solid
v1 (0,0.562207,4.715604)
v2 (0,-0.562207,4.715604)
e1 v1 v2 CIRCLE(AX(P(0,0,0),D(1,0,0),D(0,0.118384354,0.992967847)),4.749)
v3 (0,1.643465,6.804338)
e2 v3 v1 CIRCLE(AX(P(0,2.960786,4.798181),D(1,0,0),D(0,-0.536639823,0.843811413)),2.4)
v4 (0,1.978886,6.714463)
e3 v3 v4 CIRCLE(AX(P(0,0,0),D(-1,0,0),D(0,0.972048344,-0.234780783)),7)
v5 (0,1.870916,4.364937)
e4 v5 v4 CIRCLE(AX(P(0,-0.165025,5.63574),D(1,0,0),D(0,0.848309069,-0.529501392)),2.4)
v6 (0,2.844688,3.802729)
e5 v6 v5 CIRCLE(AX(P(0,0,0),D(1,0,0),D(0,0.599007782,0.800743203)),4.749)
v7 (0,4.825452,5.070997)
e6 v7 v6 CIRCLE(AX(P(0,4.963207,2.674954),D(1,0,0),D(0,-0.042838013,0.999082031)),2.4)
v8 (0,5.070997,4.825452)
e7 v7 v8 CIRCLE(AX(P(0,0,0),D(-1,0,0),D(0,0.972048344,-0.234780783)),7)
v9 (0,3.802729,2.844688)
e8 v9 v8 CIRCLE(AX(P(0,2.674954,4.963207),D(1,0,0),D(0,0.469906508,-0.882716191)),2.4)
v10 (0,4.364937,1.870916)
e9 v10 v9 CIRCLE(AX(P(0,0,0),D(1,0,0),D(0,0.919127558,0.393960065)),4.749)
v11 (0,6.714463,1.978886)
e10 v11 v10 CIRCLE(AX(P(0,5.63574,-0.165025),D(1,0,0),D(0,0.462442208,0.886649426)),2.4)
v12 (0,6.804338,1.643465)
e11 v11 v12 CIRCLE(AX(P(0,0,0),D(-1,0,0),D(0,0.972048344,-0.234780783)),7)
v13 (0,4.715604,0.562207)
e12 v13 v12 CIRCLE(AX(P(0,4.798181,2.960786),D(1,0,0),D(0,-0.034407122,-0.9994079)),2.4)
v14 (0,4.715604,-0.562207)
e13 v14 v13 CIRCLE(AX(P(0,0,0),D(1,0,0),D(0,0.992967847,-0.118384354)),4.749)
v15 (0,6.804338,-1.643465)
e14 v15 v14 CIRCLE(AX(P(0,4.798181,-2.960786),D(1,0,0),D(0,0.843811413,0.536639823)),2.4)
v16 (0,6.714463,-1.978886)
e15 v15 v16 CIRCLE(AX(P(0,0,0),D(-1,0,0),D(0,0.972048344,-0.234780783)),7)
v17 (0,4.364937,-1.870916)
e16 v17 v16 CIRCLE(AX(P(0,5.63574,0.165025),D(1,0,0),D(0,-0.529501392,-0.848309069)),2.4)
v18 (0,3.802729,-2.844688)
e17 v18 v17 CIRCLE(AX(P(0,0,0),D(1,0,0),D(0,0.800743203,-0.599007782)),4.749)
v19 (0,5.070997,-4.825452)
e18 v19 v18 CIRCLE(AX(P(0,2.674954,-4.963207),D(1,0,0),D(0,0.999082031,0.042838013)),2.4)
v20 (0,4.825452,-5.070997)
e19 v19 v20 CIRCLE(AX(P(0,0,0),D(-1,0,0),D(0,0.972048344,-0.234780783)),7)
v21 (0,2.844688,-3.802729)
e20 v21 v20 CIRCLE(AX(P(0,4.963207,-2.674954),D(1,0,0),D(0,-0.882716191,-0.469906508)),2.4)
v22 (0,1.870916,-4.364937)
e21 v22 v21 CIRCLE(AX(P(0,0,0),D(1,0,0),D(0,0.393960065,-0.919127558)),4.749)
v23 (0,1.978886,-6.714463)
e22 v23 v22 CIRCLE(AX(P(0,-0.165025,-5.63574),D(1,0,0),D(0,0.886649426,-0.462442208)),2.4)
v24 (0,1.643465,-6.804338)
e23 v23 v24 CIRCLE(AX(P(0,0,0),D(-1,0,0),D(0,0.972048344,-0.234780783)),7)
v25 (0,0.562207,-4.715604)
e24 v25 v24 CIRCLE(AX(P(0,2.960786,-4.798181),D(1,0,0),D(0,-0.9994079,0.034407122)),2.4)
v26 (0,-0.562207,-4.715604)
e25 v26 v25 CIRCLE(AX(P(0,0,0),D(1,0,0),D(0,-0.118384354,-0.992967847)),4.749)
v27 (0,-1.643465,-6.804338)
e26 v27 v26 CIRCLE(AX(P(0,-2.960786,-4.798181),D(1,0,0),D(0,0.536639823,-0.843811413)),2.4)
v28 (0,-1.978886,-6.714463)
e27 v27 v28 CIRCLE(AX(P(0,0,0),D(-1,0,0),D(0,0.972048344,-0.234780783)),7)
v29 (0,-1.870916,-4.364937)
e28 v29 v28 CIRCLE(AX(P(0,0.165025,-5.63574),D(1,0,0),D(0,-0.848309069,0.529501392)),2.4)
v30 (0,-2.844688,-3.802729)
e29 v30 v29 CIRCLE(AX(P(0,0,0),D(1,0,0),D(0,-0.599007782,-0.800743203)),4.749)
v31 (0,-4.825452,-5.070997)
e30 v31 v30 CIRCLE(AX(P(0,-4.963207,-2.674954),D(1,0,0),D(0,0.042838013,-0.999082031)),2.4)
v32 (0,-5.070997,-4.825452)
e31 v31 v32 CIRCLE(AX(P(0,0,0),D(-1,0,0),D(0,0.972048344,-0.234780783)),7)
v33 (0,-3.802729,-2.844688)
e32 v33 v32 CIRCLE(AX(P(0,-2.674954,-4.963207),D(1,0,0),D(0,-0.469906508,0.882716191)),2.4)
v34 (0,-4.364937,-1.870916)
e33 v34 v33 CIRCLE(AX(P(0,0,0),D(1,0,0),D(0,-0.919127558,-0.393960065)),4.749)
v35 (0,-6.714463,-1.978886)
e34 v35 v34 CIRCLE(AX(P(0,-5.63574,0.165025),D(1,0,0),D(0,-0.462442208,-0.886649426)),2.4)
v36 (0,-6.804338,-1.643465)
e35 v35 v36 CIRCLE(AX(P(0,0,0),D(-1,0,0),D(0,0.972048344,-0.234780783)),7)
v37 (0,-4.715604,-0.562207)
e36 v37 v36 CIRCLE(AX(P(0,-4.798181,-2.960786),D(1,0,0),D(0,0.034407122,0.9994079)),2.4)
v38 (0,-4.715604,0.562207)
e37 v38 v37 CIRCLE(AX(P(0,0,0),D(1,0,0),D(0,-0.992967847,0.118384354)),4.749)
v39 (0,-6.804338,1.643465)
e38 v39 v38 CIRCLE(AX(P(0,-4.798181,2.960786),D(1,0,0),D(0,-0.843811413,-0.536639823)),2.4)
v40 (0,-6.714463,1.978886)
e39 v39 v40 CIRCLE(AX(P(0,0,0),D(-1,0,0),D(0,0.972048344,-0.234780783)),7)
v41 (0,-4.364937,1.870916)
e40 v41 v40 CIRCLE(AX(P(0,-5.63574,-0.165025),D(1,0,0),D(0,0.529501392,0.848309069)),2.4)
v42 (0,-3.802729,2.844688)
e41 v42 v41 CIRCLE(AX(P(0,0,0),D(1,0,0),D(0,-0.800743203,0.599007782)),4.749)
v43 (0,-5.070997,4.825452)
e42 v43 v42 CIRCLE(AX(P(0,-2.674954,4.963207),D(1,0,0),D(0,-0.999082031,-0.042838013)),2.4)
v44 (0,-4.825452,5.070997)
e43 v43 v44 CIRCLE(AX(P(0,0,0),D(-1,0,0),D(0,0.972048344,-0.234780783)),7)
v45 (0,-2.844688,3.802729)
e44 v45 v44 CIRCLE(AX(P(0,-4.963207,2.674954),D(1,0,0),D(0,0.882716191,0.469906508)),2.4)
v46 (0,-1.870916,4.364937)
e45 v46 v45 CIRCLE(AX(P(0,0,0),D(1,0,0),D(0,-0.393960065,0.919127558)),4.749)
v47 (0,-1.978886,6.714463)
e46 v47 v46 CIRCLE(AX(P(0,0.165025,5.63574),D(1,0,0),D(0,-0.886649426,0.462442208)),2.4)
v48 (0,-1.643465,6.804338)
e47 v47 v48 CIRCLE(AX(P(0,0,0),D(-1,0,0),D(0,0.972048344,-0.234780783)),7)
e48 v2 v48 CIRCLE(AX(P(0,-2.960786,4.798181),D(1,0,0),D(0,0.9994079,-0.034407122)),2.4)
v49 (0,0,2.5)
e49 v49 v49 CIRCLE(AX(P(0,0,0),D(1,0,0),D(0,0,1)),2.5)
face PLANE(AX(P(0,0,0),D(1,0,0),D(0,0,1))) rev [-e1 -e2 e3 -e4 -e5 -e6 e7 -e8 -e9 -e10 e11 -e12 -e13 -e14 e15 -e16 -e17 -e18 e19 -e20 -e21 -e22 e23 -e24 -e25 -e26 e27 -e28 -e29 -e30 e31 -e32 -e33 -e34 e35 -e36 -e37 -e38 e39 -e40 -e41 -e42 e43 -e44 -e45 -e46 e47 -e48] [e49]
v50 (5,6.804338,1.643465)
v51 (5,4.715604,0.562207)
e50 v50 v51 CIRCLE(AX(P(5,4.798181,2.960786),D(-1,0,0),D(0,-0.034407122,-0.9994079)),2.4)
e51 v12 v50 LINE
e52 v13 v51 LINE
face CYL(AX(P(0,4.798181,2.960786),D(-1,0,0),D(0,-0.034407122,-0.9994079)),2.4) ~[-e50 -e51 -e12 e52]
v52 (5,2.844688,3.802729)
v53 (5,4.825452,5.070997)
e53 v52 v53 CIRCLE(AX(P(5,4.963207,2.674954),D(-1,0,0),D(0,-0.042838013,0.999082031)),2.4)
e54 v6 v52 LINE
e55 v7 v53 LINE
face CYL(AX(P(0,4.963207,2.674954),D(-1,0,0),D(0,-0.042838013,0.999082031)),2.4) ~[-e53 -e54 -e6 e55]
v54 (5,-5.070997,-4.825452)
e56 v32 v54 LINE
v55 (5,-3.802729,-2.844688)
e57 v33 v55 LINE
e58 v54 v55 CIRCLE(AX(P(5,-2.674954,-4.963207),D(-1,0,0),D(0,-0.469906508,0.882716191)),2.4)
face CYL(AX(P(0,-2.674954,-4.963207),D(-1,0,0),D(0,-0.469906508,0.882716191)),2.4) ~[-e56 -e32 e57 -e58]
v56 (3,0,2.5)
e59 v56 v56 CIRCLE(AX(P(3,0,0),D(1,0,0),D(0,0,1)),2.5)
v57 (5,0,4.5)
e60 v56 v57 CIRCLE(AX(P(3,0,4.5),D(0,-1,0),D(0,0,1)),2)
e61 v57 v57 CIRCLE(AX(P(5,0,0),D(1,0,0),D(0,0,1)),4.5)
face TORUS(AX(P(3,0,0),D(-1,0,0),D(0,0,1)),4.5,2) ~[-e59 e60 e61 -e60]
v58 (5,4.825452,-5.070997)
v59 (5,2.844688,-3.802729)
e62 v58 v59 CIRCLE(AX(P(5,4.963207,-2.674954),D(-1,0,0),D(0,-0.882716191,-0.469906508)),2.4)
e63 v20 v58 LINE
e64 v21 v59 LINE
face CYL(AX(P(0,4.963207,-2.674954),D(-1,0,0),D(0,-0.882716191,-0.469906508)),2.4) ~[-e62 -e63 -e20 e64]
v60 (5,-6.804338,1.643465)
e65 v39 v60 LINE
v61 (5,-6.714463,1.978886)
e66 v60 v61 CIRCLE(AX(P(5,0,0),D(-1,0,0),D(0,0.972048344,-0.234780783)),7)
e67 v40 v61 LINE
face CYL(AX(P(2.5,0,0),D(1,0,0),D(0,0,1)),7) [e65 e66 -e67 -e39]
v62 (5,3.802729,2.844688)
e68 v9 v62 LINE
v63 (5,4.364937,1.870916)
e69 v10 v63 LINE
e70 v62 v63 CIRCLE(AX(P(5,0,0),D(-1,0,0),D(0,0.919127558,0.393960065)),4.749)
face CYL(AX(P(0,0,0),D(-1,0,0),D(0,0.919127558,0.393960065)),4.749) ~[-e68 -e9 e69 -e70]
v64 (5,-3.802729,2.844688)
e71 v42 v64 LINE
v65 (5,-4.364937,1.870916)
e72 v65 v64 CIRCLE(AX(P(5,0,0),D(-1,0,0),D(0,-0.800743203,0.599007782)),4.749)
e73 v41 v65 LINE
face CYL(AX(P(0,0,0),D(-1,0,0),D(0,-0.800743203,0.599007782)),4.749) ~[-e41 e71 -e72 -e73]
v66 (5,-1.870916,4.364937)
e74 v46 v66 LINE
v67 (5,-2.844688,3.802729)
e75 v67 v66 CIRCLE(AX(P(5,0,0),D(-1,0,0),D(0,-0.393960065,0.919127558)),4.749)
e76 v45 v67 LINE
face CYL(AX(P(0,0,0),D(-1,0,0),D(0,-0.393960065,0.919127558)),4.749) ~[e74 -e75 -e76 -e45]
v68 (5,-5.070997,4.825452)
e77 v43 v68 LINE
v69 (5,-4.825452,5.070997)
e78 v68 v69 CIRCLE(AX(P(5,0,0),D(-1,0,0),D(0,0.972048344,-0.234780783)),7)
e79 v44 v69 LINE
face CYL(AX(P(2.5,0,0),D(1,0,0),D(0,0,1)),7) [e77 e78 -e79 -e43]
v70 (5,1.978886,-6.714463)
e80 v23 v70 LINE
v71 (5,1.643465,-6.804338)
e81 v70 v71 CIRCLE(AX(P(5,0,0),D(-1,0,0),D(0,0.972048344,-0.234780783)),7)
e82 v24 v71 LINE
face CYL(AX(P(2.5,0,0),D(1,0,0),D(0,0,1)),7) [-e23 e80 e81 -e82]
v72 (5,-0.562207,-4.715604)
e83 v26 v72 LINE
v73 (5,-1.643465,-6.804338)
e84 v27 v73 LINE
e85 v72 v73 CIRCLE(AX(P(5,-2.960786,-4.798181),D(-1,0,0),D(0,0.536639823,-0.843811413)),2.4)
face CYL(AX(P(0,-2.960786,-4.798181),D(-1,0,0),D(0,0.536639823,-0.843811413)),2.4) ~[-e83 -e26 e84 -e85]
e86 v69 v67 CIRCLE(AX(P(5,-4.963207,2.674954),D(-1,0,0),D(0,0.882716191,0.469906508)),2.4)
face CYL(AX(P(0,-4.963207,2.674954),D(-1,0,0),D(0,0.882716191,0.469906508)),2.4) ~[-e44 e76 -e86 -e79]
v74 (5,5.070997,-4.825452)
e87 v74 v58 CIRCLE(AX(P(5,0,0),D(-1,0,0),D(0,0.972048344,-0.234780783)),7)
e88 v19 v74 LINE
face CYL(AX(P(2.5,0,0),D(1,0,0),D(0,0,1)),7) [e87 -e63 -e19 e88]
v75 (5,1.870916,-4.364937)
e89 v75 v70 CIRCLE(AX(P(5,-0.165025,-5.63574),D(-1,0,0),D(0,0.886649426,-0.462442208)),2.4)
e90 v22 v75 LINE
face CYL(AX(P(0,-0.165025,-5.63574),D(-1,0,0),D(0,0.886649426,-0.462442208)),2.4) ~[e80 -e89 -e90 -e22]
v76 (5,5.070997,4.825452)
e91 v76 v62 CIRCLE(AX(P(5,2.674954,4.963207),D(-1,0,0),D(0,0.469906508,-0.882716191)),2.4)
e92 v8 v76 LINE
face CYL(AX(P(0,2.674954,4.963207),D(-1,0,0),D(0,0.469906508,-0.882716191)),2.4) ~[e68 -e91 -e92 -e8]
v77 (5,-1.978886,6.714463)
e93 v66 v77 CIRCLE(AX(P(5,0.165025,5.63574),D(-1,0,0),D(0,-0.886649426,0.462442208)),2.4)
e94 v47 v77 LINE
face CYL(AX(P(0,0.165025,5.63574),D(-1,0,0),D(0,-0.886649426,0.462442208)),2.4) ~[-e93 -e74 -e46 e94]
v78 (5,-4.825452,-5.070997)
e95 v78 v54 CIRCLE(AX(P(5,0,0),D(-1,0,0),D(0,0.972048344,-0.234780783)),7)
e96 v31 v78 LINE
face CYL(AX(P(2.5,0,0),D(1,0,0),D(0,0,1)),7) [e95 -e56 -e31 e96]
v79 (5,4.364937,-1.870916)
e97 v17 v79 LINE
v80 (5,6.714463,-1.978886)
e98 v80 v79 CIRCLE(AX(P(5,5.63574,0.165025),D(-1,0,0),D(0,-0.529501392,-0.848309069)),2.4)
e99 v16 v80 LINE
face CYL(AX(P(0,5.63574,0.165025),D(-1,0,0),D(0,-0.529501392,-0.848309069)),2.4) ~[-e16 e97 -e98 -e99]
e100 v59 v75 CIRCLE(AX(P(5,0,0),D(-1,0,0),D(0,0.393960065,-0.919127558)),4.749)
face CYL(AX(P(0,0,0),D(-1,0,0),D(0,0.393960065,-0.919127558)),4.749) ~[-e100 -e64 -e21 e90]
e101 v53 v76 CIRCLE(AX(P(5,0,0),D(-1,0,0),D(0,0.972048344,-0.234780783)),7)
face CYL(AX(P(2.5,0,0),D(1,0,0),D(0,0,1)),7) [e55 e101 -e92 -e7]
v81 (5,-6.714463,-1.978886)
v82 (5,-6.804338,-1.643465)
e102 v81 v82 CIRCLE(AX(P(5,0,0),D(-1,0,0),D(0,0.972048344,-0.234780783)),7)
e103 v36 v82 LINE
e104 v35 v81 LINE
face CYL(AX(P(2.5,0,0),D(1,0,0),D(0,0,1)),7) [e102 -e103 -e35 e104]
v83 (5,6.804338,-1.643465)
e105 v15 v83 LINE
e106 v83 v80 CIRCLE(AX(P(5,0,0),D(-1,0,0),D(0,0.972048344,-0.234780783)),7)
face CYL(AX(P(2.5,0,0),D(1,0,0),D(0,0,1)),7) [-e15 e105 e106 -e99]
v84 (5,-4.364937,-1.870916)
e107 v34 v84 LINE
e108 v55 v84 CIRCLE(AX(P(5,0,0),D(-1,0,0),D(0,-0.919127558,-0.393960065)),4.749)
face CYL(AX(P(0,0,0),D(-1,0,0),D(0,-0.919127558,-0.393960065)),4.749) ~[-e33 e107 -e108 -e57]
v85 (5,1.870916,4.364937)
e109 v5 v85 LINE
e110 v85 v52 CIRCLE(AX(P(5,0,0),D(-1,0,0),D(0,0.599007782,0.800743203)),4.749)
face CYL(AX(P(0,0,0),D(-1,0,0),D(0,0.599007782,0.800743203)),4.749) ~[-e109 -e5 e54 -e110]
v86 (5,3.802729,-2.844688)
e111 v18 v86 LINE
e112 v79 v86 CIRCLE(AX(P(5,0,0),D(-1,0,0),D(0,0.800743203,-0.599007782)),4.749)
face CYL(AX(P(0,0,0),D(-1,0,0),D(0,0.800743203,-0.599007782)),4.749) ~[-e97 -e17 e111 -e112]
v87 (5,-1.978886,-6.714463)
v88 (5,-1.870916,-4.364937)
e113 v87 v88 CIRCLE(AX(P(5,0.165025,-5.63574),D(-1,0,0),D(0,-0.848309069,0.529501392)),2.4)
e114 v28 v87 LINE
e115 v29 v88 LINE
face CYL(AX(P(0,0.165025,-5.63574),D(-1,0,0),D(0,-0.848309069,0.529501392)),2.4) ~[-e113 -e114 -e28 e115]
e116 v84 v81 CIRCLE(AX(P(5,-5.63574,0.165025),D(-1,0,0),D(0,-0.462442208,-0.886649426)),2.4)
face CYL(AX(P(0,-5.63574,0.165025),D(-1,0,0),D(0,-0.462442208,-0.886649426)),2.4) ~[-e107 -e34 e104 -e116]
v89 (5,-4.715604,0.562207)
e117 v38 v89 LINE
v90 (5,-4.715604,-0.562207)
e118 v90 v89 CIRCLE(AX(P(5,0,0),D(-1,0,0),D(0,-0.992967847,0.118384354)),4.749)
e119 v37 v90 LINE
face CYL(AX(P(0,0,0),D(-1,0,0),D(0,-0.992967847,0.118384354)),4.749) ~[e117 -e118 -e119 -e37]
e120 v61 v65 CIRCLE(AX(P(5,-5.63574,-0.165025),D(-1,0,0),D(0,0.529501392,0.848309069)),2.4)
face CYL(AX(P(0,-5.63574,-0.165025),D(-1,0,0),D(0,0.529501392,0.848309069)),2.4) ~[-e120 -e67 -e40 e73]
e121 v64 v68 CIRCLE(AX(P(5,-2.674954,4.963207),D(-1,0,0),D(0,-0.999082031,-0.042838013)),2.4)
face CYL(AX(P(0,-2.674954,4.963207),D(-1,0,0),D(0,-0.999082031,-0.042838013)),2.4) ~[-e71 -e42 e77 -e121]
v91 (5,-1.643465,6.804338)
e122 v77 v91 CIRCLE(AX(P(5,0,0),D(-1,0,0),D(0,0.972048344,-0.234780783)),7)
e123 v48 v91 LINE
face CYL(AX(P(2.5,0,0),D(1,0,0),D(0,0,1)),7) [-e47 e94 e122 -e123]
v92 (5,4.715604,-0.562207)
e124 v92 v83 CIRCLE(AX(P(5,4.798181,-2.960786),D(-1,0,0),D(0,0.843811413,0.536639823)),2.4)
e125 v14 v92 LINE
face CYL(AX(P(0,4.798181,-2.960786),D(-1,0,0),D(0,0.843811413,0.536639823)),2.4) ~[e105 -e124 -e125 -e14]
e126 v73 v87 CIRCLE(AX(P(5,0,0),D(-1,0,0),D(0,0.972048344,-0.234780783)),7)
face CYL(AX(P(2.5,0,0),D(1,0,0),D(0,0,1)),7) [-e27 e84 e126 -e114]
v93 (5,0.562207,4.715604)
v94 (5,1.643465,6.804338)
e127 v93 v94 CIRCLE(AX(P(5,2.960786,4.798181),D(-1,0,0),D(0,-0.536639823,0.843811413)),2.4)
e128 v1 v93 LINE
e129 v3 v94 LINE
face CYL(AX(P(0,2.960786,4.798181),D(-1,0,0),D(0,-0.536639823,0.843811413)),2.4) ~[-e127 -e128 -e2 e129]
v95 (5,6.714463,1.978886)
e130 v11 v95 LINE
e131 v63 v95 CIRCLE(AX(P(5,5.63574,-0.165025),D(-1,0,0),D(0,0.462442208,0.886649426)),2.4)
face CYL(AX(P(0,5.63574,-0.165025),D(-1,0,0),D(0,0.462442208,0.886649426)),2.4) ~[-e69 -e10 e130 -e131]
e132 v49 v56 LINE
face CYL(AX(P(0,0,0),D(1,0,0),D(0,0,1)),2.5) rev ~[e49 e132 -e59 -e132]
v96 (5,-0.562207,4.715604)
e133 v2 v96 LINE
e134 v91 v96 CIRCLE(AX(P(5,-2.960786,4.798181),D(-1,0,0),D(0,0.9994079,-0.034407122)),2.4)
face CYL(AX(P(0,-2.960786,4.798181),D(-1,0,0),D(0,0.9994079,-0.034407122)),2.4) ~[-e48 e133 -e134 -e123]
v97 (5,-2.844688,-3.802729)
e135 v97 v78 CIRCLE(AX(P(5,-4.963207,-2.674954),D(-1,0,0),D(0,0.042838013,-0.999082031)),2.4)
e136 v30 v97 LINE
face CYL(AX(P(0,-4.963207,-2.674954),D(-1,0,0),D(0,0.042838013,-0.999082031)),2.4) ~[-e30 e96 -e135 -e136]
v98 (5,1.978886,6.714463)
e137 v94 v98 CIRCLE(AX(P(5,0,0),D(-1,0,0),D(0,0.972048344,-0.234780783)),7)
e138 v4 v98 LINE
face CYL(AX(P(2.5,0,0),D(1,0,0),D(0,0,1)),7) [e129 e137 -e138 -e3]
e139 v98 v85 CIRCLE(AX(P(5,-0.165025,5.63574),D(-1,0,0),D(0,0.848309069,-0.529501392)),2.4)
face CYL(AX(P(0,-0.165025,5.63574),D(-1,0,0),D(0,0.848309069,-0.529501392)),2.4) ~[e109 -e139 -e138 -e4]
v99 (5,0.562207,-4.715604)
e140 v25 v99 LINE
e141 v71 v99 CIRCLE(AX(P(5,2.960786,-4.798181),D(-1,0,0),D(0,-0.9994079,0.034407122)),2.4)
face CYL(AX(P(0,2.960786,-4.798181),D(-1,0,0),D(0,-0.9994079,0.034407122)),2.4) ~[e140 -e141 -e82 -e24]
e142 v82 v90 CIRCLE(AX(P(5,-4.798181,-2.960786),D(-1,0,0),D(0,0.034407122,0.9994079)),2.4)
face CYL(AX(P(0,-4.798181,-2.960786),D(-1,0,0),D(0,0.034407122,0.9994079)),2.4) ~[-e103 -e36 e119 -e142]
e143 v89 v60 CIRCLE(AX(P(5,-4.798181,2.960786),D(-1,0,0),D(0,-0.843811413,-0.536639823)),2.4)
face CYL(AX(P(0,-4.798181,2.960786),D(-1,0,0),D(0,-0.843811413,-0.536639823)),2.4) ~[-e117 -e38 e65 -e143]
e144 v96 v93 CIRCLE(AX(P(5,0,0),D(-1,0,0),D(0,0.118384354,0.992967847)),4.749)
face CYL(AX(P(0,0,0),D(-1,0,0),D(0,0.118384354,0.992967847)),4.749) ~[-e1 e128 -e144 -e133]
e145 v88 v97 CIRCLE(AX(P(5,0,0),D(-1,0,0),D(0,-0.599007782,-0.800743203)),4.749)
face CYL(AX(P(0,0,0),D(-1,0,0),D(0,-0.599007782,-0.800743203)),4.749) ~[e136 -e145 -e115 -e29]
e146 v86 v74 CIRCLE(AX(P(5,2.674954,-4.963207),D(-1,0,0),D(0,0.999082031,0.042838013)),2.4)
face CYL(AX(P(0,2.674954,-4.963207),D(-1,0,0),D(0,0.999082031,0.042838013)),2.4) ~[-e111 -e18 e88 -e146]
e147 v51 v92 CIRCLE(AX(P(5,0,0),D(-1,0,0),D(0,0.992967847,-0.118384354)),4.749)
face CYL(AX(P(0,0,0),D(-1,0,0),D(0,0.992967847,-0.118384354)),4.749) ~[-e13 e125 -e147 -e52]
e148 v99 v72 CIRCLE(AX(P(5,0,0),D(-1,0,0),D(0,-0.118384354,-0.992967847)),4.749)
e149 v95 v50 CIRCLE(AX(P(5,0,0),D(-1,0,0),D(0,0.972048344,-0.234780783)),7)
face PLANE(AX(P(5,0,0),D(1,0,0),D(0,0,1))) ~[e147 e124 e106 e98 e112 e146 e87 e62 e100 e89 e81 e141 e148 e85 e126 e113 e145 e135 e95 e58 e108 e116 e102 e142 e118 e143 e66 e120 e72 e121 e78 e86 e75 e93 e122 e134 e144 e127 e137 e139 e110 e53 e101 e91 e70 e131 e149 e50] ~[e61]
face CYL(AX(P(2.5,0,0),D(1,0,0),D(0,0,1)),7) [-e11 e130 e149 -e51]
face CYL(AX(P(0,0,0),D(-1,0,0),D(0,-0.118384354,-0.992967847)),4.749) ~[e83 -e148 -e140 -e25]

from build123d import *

# Parameters (mm, degrees)
BASPROSKE_W     = 5
BASPROSKE_H     = 7
TOOTHCUT_DEPTH  = 12.090536506
TEETHCUTS_COUNT = 12
TEETHCUTS_ANGLE = 330
BORSKE_R        = 2.5
BORE_DEPTH      = 50.0000508
REDONDEO1_R     = 2


with BuildPart() as part:
    # BasProSke → Base-Revolve (revolve)
    with BuildSketch(Plane(origin=(0, 0, 0), x_dir=(1, 0, 0), z_dir=(0, 1, 0)), mode=Mode.PRIVATE) as base_revolve_sk:
        with Locations((2.5, 3.5)):
            Rectangle(BASPROSKE_W, BASPROSKE_H)
    revolve(base_revolve_sk.sketch.rotate(Axis((-10, 0, 0), (1, 0, 0)), 180), axis=Axis((-10, 0, 0), (1, 0, 0)))

    # TooCutSke → ToothCut (cut, through all)
    with BuildSketch(Plane(origin=(0, 0, 0), x_dir=(0, 0, -1), z_dir=(1, 0, 0))):
        with BuildLine():
            ThreePointArc((0.562207301, 4.715604304), (0, 4.749), (-0.562207301, 4.715604304))
            ThreePointArc((-0.562207301, 4.715604304), (-0.837528627, 5.917009812), (-1.672850686, 6.823328788))
            ThreePointArc((-1.672850686, 6.823328788), (0, 7.0254), (1.672850686, 6.823328788))
            ThreePointArc((1.672850686, 6.823328788), (0.837528627, 5.917009812), (0.562207301, 4.715604304))
        make_face()
    toothcut = extrude(amount=TOOTHCUT_DEPTH, mode=Mode.SUBTRACT)

    # TeethCuts: ToothCut ×12 about axis
    teethcuts_axis = Axis((-10, 0, 0), (1, 0, 0))
    for i in range(1, TEETHCUTS_COUNT):
        add(toothcut.rotate(teethcuts_axis, i * TEETHCUTS_ANGLE / (TEETHCUTS_COUNT - 1)), mode=Mode.SUBTRACT)

    # BorSke → Bore (cut, symmetric)
    with BuildSketch(Plane(origin=(0, 0, 0), x_dir=(0, 0, -1), z_dir=(1, 0, 0))):
        with Locations(Location((0, 0, 0), (0, 0, 180))):
            Circle(BORSKE_R)
    extrude(amount=BORE_DEPTH, both=True, mode=Mode.SUBTRACT)

    # Redondeo1
    redondeo1_edges = [part.edges().sort_by_distance(p)[0] for p in [
        (5, 0, -2.5),
    ]]
    fillet(redondeo1_edges, radius=REDONDEO1_R)


solid = part.part
